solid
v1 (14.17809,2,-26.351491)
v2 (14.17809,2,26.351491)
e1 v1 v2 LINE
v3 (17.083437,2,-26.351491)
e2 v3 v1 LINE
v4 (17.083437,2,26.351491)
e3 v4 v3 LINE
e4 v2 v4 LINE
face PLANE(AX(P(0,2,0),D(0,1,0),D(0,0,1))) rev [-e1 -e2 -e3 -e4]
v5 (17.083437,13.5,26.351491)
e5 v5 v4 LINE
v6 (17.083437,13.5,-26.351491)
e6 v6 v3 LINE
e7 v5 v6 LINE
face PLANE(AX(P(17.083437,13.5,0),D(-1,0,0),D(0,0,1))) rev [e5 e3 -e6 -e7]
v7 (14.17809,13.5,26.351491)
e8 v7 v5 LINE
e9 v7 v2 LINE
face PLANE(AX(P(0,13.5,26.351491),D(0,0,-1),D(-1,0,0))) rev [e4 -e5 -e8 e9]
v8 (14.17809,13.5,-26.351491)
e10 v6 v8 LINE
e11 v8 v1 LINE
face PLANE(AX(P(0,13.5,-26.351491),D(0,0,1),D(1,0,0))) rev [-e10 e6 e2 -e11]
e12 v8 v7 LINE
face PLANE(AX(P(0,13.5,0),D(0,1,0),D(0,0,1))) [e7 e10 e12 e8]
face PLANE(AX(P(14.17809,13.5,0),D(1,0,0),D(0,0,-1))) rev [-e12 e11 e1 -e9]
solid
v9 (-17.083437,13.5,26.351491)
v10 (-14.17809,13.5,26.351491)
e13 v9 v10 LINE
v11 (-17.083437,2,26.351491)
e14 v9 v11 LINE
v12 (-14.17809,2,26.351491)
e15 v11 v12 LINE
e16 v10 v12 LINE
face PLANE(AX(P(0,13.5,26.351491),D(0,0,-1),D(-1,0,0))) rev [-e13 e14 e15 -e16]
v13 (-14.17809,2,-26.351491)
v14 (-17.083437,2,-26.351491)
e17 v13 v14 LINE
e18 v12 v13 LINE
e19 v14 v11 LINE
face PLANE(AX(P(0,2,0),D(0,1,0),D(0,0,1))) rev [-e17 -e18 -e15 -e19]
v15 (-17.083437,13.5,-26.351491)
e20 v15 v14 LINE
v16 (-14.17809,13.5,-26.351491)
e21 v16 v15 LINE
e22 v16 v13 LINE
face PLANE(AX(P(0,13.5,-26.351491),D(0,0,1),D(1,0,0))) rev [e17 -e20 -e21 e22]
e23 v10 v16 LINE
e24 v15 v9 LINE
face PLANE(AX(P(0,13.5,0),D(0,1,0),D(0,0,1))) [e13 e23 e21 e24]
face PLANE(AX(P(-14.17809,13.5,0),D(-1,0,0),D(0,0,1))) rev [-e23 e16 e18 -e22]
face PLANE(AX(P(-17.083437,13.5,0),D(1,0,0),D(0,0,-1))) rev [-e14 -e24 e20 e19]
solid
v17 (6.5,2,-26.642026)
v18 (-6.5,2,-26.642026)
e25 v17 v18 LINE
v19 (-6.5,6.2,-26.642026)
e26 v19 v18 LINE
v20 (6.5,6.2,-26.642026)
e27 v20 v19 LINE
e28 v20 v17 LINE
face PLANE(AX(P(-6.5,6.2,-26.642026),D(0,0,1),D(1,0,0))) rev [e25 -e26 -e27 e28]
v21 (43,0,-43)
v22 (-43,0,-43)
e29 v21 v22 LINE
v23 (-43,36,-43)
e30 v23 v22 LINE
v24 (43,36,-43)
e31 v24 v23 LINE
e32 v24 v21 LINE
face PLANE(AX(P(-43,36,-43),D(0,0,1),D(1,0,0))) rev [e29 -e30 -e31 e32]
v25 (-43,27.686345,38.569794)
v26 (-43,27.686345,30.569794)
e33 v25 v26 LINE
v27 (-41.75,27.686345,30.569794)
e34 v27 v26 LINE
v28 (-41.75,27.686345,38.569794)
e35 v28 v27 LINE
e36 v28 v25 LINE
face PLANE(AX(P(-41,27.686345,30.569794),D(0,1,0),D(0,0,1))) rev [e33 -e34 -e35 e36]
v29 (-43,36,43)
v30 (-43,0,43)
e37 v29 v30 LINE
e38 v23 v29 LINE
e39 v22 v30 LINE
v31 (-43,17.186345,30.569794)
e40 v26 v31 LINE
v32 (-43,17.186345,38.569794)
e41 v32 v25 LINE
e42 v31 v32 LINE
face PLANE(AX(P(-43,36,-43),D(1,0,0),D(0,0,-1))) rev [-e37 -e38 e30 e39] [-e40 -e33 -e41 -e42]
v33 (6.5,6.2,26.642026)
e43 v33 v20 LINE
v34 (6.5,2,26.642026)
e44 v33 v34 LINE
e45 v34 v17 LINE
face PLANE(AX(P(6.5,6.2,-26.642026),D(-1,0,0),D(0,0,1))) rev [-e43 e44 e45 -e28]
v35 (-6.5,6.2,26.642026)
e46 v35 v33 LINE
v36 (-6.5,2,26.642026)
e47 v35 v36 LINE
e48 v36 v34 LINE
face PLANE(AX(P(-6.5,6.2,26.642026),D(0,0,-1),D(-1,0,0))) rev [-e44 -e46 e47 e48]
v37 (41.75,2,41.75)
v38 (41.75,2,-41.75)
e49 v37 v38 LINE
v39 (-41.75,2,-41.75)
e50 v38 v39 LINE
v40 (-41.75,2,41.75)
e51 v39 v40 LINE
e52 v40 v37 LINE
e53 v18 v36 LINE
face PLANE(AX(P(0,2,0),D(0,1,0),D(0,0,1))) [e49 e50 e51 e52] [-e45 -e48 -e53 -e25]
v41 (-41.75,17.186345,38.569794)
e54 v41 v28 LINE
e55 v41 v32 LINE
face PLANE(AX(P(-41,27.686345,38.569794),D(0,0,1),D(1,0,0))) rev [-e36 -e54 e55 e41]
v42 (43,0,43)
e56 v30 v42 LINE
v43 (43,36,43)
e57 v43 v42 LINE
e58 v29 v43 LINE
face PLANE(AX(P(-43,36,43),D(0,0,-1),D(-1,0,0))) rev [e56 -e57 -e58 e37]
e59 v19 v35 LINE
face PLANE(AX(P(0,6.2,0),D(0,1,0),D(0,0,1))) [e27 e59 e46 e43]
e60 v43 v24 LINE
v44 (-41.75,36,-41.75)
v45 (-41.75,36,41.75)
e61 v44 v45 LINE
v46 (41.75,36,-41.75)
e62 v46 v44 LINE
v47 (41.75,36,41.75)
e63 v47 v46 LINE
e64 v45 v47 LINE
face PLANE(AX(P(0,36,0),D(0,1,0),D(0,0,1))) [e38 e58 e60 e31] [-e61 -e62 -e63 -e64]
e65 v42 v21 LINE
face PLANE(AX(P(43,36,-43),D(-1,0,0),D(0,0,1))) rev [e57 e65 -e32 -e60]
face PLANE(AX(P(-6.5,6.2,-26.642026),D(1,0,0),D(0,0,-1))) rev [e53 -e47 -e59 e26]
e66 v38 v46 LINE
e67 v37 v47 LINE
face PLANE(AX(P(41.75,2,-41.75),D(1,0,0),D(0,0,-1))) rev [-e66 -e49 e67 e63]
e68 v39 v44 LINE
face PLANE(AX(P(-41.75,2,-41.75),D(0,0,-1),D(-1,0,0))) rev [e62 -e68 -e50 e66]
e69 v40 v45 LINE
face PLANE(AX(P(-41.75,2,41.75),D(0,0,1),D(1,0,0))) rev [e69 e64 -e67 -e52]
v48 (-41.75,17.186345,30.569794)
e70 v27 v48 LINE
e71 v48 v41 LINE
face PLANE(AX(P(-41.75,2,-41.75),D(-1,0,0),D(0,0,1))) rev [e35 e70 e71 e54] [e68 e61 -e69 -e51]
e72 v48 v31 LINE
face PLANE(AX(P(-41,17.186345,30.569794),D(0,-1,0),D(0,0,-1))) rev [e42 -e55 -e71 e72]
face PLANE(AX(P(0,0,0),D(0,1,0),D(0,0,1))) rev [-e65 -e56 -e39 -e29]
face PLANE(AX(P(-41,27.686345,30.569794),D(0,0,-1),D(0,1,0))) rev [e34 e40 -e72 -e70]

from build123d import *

# Parameters (mm, degrees)
SKETCH1_W             = 86
SKETCH1_H             = 86
BOSS_EXTRUDE1_DEPTH   = 36
SKETCH3_W             = 83.5
SKETCH3_H             = 83.5
CUT_EXTRUDE1_DEPTH    = 34
SKETCH4_W             = 13
SKETCH4_H             = 53.28405224
BOSS_EXTRUDE2_DEPTH   = 4.2
BOSS_EXTRUDE4_START   = -4.2
SKETCH5_W             = 2.90534636
SKETCH5_H             = 52.702982968
BOSS_EXTRUDE4_DEPTH   = 11.5
BOSS_EXTRUDE4_2_DEPTH = 11.5
SKETCH7_W             = 8
SKETCH7_H             = 10.5
CUT_EXTRUDE2_DEPTH    = 2


with BuildPart() as part:
    # Sketch1 → Boss-Extrude1 (new body)
    with BuildSketch(Plane(origin=(0, 0, 0), x_dir=(1, 0, 0), z_dir=(0, 1, 0))):
        Rectangle(SKETCH1_W, SKETCH1_H)
    extrude(amount=BOSS_EXTRUDE1_DEPTH)

    # Sketch3 → Cut-Extrude1 (cut)
    with BuildSketch(Plane(origin=(0, 36, 0), x_dir=(1, 0, 0), z_dir=(0, 1, 0))):
        Rectangle(SKETCH3_W, SKETCH3_H)
    extrude(amount=-CUT_EXTRUDE1_DEPTH, mode=Mode.SUBTRACT)

    # Sketch4 → Boss-Extrude2 (add)
    with BuildSketch(Plane(origin=(0, 2, 0), x_dir=(1, 0, 0), z_dir=(0, 1, 0))):
        Rectangle(SKETCH4_W, SKETCH4_H)
    extrude(amount=BOSS_EXTRUDE2_DEPTH)

    # Sketch7 → Cut-Extrude2 (cut)
    with BuildSketch(Plane.ZY.offset(43)):
        with Locations((34.569793539, 22.43634464)):
            Rectangle(SKETCH7_W, SKETCH7_H)
    extrude(amount=-CUT_EXTRUDE2_DEPTH, mode=Mode.SUBTRACT)


with BuildPart() as body_2:
    # Sketch5 → Boss-Extrude4 (new body)
    with BuildSketch(Plane(origin=(0, 6.2, 0), x_dir=(1, 0, 0), z_dir=(0, 1, 0)).offset(BOSS_EXTRUDE4_START)):
        with Locations((15.630763416, 0)):
            Rectangle(SKETCH5_W, SKETCH5_H)
    extrude(amount=BOSS_EXTRUDE4_DEPTH)


with BuildPart() as body_3:
    # Sketch5 → Boss-Extrude4 2 (new body)
    with BuildSketch(Plane(origin=(0, 6.2, 0), x_dir=(1, 0, 0), z_dir=(0, 1, 0)).offset(BOSS_EXTRUDE4_START)):
        with Locations((-15.630763416, 0)):
            Rectangle(SKETCH5_W, SKETCH5_H)
    extrude(amount=BOSS_EXTRUDE4_2_DEPTH)


solid = Compound([part.part, body_2.part, body_3.part])
